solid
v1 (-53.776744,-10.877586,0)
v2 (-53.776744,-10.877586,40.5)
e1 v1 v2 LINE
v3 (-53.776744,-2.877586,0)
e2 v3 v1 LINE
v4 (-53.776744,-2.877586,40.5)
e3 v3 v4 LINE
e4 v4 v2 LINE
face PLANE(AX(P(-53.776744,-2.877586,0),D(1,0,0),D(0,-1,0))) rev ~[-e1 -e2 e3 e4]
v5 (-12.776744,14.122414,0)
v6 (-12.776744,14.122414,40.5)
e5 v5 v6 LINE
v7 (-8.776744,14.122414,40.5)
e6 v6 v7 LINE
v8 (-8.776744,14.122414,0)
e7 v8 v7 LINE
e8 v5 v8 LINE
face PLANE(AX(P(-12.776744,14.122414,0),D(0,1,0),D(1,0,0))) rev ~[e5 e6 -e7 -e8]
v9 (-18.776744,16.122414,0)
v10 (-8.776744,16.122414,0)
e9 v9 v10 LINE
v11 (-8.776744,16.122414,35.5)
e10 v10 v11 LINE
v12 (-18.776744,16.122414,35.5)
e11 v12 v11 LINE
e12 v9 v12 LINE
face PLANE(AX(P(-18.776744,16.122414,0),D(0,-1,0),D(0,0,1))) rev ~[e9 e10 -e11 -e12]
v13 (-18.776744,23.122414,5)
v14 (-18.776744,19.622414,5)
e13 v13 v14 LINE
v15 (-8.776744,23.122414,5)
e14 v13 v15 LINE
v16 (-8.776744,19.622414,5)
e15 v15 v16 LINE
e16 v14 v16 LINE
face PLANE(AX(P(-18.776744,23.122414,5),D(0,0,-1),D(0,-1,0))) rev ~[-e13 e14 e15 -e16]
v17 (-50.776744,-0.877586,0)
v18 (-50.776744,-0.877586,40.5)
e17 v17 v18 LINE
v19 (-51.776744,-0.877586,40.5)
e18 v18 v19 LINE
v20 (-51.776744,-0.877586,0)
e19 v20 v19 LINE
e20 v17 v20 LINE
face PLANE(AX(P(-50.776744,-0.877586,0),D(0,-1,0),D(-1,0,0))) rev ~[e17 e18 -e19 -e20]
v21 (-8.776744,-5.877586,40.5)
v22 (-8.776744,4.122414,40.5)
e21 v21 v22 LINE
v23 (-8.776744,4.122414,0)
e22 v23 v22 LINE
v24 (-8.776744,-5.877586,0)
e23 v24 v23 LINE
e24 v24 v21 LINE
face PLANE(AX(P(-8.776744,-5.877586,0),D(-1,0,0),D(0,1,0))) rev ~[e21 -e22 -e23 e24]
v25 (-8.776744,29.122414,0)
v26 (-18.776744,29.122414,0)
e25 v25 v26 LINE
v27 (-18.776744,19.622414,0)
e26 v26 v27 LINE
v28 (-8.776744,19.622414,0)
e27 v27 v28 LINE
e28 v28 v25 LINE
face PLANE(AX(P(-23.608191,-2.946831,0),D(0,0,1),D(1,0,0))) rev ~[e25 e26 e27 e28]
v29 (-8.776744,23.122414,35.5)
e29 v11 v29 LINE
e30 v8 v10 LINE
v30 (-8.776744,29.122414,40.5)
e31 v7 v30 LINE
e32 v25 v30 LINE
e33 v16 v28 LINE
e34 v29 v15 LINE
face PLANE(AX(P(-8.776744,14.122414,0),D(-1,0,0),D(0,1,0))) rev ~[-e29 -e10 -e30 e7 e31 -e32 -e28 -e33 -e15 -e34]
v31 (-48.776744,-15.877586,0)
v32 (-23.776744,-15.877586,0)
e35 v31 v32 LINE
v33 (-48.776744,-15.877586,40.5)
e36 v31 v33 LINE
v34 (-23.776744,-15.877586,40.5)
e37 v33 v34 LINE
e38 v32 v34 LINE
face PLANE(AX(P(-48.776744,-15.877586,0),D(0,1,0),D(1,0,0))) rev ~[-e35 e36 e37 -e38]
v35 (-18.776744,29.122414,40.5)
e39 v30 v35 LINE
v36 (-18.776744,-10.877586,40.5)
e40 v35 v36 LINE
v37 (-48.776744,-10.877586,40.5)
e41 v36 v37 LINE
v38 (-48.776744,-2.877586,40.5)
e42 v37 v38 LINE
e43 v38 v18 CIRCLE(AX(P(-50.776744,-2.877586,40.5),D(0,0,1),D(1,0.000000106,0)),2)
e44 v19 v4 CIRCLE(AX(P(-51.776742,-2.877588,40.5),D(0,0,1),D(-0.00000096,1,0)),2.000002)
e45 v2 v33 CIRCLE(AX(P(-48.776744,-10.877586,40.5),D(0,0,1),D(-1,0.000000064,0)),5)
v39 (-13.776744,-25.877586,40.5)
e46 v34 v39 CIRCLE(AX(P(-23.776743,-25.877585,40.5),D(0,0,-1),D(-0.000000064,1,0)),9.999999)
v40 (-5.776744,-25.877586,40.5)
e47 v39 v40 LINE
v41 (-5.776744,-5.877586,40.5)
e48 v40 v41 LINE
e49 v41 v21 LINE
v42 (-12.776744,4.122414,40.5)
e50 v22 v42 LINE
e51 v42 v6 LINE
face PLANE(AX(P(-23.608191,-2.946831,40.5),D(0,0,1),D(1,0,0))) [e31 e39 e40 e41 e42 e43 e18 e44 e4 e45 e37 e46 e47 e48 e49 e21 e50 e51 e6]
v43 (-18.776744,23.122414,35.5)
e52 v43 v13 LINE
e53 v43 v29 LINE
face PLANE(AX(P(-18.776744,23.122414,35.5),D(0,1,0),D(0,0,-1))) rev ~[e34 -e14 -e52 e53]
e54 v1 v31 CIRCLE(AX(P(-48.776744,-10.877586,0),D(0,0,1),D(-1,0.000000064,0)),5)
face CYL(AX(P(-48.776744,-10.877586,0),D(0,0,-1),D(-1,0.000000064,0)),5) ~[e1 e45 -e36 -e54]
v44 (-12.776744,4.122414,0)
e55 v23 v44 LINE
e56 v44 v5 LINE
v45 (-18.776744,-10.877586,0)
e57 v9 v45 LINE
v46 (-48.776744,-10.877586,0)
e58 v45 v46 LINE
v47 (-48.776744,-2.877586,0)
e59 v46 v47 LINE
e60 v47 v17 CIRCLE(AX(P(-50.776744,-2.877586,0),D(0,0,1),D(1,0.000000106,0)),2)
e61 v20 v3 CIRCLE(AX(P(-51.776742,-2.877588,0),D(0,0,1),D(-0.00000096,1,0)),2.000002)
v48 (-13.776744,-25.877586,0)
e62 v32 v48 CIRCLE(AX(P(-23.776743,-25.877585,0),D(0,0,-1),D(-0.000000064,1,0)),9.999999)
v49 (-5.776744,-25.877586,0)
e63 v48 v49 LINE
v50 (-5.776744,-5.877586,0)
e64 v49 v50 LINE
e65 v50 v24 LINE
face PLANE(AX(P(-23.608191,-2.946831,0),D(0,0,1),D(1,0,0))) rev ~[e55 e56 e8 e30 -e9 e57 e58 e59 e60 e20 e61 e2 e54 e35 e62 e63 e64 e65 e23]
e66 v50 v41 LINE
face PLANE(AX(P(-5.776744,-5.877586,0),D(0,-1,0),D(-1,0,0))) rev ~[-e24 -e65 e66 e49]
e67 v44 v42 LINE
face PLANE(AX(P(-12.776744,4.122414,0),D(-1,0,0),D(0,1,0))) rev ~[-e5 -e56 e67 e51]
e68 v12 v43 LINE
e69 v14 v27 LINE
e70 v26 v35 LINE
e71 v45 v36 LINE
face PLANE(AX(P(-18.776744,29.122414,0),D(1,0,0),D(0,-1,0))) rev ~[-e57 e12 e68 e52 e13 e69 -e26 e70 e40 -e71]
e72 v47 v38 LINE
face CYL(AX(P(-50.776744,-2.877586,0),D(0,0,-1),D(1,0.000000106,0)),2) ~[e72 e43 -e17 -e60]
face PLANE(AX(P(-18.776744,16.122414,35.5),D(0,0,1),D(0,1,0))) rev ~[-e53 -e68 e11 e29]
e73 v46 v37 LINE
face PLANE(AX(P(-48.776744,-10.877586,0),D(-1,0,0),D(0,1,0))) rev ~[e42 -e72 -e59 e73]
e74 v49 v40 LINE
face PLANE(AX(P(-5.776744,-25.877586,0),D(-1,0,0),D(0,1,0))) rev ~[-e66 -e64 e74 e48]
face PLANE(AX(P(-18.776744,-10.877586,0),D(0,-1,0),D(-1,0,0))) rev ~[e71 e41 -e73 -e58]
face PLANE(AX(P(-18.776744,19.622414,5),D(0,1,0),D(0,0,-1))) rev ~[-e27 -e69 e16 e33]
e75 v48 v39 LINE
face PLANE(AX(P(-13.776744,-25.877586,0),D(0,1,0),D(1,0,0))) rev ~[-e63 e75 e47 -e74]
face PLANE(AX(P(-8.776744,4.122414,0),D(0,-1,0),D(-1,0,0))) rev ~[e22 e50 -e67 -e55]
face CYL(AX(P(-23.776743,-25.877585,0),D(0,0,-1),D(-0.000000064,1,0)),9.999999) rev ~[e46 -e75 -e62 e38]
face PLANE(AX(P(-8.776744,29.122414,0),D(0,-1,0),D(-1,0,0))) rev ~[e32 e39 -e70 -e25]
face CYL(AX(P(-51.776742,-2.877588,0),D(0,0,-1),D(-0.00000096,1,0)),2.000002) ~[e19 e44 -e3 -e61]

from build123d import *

# Parameters (mm, degrees)
F1_DEPTH = 40.5
F3_DEPTH = 10


with BuildPart() as f1:
    # F0 (on Top) → F1 (new body)
    with BuildSketch(Plane.XY):
        with BuildLine():
            Line((-8.776744, 29.122414), (-18.776744, 29.122414))
            Line((-18.776744, 29.122414), (-18.776744, -10.877586))
            Line((-18.776744, -10.877586), (-48.776744, -10.877586))
            Line((-48.776744, -10.877586), (-48.776744, -2.877586))
            ThreePointArc((-48.776744, -2.877586), (-49.36253, -1.463373), (-50.776744, -0.877586))
            Line((-50.776744, -0.877586), (-51.776744, -0.877586))
            ThreePointArc((-51.776744, -0.877586), (-53.190957, -1.463373), (-53.776744, -2.877586))
            Line((-53.776744, -2.877586), (-53.776744, -10.877586))
            ThreePointArc((-53.776744, -10.877586), (-52.312278, -14.41312), (-48.776744, -15.877586))
            Line((-48.776744, -15.877586), (-23.776744, -15.877586))
            ThreePointArc((-23.776744, -15.877586), (-16.705676, -18.806518), (-13.776744, -25.877586))
            Line((-13.776744, -25.877586), (-5.776744, -25.877586))
            Line((-5.776744, -25.877586), (-5.776744, -5.877586))
            Line((-5.776744, -5.877586), (-8.776744, -5.877586))
            Line((-8.776744, -5.877586), (-8.776744, 4.122414))
            Line((-8.776744, 4.122414), (-12.776744, 4.122414))
            Line((-12.776744, 4.122414), (-12.776744, 14.122414))
            Line((-12.776744, 14.122414), (-8.776744, 14.122414))
            Line((-8.776744, 14.122414), (-8.776744, 16.122414))
            Line((-8.776744, 16.122414), (-8.776744, 29.122414))
        make_face()
    extrude(amount=F1_DEPTH)

    # F2 (on face) → F3 (cut)
    with BuildSketch(Plane(origin=(-18.776744, 0, 0), x_dir=(0, -1, 0), z_dir=(-1, 0, 0))):
        Polygon((-19.622414, 5), (-19.622414, 0), (-16.122414, 0), (-16.122414, 35.5), (-23.122414, 35.5), (-23.122414, 5), align=None)
    extrude(amount=-F3_DEPTH, mode=Mode.SUBTRACT)


solid = f1.part
